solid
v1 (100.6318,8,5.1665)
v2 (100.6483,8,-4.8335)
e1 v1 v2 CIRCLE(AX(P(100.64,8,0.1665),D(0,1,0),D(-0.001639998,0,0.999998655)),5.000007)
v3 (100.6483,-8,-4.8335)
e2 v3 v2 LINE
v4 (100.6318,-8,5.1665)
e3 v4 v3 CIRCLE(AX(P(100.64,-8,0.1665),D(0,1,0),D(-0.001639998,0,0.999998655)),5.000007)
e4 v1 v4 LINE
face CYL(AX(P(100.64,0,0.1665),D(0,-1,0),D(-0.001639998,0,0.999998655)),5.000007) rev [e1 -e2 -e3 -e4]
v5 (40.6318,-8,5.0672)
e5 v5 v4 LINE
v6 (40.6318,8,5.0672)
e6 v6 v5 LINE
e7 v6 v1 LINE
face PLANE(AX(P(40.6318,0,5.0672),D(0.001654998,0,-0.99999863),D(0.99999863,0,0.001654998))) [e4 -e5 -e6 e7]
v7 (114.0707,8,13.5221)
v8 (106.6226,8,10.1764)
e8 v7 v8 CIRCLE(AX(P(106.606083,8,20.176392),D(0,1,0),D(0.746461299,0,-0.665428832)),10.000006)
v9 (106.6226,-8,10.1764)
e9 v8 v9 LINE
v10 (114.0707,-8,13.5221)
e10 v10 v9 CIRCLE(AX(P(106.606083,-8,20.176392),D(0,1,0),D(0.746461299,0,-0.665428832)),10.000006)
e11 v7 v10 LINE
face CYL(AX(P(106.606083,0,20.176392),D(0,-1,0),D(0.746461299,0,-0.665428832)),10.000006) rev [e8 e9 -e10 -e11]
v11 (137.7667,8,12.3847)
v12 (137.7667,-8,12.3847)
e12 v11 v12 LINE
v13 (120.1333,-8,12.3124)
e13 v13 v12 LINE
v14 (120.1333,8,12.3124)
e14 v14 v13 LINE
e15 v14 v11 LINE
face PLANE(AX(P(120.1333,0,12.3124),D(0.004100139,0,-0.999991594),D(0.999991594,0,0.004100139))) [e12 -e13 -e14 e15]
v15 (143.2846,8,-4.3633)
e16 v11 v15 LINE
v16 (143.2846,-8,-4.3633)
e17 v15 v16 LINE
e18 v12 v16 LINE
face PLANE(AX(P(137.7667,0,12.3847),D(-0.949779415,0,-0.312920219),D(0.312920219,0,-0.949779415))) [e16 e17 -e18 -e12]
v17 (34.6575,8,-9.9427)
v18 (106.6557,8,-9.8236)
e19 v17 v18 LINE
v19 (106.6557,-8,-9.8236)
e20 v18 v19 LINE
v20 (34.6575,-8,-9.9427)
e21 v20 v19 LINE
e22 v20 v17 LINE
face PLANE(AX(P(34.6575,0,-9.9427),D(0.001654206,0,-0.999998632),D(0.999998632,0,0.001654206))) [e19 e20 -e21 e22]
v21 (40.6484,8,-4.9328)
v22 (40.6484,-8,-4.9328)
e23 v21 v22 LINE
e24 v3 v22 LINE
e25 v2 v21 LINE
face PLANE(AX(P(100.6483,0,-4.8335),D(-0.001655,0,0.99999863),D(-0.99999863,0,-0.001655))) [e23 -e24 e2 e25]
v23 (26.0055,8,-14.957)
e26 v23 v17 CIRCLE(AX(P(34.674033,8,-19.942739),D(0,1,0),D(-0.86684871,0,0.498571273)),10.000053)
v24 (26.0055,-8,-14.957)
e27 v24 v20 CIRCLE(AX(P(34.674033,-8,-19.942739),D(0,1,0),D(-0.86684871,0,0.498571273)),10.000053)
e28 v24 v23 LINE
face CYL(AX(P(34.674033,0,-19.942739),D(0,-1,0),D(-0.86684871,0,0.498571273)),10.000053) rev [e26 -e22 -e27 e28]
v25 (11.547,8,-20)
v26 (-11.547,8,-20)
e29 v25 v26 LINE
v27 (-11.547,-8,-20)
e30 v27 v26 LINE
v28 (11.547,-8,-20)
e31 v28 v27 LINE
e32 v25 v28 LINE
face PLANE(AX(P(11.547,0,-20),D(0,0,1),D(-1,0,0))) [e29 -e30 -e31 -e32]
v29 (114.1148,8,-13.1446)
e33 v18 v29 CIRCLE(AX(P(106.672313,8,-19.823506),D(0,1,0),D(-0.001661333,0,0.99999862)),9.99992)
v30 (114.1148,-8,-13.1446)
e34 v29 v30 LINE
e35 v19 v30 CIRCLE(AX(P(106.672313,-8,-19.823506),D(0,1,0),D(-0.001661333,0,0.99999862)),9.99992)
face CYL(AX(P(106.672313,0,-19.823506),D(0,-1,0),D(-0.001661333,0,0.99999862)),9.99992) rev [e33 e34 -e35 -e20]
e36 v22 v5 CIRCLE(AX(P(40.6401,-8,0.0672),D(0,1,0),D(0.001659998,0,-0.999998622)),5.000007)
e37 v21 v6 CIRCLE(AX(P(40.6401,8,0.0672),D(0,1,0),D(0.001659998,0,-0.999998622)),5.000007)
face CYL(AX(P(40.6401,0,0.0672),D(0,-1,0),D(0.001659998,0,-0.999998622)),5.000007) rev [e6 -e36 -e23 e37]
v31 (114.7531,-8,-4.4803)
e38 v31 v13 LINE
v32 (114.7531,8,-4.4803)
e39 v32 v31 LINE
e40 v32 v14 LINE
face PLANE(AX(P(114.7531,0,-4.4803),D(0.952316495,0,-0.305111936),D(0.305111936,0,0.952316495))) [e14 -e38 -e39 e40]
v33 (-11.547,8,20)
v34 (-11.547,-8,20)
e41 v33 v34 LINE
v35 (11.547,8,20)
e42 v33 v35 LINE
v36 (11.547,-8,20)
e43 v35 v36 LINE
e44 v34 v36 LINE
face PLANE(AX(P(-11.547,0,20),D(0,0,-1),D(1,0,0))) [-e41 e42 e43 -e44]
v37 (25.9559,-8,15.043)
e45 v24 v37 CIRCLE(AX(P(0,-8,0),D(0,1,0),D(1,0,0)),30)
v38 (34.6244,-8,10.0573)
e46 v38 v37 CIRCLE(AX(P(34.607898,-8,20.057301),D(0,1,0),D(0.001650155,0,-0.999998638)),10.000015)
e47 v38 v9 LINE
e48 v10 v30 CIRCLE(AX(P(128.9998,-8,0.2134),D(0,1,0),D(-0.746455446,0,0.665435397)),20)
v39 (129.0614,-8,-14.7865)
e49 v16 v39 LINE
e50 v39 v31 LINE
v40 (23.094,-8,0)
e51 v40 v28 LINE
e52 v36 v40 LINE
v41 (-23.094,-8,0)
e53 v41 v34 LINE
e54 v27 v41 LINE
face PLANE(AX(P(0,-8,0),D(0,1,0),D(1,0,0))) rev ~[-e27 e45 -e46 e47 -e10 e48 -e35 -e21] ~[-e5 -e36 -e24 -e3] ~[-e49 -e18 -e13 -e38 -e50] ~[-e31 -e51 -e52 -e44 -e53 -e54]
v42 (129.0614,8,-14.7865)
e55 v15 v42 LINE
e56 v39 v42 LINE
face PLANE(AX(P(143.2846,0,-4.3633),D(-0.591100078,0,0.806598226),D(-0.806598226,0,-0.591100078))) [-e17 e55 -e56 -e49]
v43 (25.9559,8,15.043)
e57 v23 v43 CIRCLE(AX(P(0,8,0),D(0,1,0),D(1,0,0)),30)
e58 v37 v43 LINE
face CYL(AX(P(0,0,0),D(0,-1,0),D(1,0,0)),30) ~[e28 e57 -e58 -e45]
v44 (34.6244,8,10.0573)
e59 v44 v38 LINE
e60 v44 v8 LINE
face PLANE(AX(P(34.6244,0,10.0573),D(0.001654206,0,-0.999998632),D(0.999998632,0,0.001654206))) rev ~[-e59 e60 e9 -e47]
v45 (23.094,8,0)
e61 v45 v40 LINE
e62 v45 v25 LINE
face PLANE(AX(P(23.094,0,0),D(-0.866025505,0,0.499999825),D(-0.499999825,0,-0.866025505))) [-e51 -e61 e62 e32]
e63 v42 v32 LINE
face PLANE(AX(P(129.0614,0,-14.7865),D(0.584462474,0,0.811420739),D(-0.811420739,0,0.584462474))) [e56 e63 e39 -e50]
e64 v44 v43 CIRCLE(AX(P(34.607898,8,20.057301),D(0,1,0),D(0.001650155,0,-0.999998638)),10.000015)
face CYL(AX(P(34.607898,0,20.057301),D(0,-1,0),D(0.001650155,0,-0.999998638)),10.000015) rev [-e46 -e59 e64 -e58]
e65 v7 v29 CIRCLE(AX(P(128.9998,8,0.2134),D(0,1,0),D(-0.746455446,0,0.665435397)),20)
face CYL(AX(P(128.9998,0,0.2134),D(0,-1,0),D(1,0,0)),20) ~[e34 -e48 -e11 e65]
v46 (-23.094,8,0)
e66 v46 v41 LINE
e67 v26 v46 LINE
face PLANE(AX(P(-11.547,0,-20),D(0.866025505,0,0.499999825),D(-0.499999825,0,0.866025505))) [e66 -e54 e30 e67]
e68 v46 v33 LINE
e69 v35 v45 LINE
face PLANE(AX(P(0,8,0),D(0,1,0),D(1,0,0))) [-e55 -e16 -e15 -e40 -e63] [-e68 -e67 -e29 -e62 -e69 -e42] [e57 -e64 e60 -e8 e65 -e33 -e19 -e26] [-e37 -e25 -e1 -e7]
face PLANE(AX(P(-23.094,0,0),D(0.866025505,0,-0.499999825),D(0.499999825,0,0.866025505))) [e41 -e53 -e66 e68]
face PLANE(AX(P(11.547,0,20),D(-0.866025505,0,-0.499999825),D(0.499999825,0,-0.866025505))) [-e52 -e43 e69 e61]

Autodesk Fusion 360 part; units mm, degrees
sketch "Sketch1" plane through (0, 0, 0) normal (0, 1, 0) x (1, 0, 0)
  line L0 (-11.547, 20) -> (-23.094, 0)
  line L1 (-23.094, 0) -> (-11.547, -20)
  line L2 (-11.547, -20) -> (11.547, -20)
  line L3 (11.547, -20) -> (23.094, 0)
  line L4 (23.094, 0) -> (11.547, 20)
  line L5 (11.547, 20) -> (-11.547, 20)
  line L6 (129.0614, 14.7865) -> (114.7531, 4.4803)
  line L7 (114.7531, 4.4803) -> (120.1333, -12.3124)
  line L8 (120.1333, -12.3124) -> (137.7667, -12.3847)
  line L9 (137.7667, -12.3847) -> (143.2846, 4.3633)
  line L10 (143.2846, 4.3633) -> (129.0614, 14.7865)
  line L11 (34.6575, 9.9427) -> (106.6557, 9.8236)
  line L12 (34.6244, -10.0573) -> (106.6226, -10.1764)
  arc A0 (26.0055, 14.957) -> (34.6575, 9.9427) centre (34.6741, 19.9427) ccw
  arc A1 (34.6244, -10.0573) -> (25.9559, -15.043) centre (34.6079, -20.0573) ccw
  arc A2 (114.0707, -13.5221) -> (106.6226, -10.1764) centre (106.6061, -20.1764) ccw
  arc A3 (106.6557, 9.8236) -> (114.1148, 13.1446) centre (106.6723, 19.8235) ccw
  circle A4 centre (0, 0) radius 30
  circle A5 centre (128.9998, -0.2134) radius 20
  line L13 (100.6483, 4.8335) -> (40.6484, 4.9328)
  arc A6 (40.6484, 4.9328) -> (40.6318, -5.0672) centre (40.6401, -0.0672) ccw
  line L14 (40.6318, -5.0672) -> (100.6318, -5.1665)
  arc A7 (100.6318, -5.1665) -> (100.6483, 4.8335) centre (100.64, -0.1665) ccw
  point P0 (128.9998, -0.2134)
  dimension "d1" = 60
  dimension "d5" = 40
  dimension "d6" = 15
  dimension "d7" = 129
  dimension "d8" = 20
  dimension "d13" = 10
  dimension "d20" = 10
  dimension "d22" = 20
extrude "Extrude1" add sketch "Sketch1" along normal blind 8 and the other way blind 8
